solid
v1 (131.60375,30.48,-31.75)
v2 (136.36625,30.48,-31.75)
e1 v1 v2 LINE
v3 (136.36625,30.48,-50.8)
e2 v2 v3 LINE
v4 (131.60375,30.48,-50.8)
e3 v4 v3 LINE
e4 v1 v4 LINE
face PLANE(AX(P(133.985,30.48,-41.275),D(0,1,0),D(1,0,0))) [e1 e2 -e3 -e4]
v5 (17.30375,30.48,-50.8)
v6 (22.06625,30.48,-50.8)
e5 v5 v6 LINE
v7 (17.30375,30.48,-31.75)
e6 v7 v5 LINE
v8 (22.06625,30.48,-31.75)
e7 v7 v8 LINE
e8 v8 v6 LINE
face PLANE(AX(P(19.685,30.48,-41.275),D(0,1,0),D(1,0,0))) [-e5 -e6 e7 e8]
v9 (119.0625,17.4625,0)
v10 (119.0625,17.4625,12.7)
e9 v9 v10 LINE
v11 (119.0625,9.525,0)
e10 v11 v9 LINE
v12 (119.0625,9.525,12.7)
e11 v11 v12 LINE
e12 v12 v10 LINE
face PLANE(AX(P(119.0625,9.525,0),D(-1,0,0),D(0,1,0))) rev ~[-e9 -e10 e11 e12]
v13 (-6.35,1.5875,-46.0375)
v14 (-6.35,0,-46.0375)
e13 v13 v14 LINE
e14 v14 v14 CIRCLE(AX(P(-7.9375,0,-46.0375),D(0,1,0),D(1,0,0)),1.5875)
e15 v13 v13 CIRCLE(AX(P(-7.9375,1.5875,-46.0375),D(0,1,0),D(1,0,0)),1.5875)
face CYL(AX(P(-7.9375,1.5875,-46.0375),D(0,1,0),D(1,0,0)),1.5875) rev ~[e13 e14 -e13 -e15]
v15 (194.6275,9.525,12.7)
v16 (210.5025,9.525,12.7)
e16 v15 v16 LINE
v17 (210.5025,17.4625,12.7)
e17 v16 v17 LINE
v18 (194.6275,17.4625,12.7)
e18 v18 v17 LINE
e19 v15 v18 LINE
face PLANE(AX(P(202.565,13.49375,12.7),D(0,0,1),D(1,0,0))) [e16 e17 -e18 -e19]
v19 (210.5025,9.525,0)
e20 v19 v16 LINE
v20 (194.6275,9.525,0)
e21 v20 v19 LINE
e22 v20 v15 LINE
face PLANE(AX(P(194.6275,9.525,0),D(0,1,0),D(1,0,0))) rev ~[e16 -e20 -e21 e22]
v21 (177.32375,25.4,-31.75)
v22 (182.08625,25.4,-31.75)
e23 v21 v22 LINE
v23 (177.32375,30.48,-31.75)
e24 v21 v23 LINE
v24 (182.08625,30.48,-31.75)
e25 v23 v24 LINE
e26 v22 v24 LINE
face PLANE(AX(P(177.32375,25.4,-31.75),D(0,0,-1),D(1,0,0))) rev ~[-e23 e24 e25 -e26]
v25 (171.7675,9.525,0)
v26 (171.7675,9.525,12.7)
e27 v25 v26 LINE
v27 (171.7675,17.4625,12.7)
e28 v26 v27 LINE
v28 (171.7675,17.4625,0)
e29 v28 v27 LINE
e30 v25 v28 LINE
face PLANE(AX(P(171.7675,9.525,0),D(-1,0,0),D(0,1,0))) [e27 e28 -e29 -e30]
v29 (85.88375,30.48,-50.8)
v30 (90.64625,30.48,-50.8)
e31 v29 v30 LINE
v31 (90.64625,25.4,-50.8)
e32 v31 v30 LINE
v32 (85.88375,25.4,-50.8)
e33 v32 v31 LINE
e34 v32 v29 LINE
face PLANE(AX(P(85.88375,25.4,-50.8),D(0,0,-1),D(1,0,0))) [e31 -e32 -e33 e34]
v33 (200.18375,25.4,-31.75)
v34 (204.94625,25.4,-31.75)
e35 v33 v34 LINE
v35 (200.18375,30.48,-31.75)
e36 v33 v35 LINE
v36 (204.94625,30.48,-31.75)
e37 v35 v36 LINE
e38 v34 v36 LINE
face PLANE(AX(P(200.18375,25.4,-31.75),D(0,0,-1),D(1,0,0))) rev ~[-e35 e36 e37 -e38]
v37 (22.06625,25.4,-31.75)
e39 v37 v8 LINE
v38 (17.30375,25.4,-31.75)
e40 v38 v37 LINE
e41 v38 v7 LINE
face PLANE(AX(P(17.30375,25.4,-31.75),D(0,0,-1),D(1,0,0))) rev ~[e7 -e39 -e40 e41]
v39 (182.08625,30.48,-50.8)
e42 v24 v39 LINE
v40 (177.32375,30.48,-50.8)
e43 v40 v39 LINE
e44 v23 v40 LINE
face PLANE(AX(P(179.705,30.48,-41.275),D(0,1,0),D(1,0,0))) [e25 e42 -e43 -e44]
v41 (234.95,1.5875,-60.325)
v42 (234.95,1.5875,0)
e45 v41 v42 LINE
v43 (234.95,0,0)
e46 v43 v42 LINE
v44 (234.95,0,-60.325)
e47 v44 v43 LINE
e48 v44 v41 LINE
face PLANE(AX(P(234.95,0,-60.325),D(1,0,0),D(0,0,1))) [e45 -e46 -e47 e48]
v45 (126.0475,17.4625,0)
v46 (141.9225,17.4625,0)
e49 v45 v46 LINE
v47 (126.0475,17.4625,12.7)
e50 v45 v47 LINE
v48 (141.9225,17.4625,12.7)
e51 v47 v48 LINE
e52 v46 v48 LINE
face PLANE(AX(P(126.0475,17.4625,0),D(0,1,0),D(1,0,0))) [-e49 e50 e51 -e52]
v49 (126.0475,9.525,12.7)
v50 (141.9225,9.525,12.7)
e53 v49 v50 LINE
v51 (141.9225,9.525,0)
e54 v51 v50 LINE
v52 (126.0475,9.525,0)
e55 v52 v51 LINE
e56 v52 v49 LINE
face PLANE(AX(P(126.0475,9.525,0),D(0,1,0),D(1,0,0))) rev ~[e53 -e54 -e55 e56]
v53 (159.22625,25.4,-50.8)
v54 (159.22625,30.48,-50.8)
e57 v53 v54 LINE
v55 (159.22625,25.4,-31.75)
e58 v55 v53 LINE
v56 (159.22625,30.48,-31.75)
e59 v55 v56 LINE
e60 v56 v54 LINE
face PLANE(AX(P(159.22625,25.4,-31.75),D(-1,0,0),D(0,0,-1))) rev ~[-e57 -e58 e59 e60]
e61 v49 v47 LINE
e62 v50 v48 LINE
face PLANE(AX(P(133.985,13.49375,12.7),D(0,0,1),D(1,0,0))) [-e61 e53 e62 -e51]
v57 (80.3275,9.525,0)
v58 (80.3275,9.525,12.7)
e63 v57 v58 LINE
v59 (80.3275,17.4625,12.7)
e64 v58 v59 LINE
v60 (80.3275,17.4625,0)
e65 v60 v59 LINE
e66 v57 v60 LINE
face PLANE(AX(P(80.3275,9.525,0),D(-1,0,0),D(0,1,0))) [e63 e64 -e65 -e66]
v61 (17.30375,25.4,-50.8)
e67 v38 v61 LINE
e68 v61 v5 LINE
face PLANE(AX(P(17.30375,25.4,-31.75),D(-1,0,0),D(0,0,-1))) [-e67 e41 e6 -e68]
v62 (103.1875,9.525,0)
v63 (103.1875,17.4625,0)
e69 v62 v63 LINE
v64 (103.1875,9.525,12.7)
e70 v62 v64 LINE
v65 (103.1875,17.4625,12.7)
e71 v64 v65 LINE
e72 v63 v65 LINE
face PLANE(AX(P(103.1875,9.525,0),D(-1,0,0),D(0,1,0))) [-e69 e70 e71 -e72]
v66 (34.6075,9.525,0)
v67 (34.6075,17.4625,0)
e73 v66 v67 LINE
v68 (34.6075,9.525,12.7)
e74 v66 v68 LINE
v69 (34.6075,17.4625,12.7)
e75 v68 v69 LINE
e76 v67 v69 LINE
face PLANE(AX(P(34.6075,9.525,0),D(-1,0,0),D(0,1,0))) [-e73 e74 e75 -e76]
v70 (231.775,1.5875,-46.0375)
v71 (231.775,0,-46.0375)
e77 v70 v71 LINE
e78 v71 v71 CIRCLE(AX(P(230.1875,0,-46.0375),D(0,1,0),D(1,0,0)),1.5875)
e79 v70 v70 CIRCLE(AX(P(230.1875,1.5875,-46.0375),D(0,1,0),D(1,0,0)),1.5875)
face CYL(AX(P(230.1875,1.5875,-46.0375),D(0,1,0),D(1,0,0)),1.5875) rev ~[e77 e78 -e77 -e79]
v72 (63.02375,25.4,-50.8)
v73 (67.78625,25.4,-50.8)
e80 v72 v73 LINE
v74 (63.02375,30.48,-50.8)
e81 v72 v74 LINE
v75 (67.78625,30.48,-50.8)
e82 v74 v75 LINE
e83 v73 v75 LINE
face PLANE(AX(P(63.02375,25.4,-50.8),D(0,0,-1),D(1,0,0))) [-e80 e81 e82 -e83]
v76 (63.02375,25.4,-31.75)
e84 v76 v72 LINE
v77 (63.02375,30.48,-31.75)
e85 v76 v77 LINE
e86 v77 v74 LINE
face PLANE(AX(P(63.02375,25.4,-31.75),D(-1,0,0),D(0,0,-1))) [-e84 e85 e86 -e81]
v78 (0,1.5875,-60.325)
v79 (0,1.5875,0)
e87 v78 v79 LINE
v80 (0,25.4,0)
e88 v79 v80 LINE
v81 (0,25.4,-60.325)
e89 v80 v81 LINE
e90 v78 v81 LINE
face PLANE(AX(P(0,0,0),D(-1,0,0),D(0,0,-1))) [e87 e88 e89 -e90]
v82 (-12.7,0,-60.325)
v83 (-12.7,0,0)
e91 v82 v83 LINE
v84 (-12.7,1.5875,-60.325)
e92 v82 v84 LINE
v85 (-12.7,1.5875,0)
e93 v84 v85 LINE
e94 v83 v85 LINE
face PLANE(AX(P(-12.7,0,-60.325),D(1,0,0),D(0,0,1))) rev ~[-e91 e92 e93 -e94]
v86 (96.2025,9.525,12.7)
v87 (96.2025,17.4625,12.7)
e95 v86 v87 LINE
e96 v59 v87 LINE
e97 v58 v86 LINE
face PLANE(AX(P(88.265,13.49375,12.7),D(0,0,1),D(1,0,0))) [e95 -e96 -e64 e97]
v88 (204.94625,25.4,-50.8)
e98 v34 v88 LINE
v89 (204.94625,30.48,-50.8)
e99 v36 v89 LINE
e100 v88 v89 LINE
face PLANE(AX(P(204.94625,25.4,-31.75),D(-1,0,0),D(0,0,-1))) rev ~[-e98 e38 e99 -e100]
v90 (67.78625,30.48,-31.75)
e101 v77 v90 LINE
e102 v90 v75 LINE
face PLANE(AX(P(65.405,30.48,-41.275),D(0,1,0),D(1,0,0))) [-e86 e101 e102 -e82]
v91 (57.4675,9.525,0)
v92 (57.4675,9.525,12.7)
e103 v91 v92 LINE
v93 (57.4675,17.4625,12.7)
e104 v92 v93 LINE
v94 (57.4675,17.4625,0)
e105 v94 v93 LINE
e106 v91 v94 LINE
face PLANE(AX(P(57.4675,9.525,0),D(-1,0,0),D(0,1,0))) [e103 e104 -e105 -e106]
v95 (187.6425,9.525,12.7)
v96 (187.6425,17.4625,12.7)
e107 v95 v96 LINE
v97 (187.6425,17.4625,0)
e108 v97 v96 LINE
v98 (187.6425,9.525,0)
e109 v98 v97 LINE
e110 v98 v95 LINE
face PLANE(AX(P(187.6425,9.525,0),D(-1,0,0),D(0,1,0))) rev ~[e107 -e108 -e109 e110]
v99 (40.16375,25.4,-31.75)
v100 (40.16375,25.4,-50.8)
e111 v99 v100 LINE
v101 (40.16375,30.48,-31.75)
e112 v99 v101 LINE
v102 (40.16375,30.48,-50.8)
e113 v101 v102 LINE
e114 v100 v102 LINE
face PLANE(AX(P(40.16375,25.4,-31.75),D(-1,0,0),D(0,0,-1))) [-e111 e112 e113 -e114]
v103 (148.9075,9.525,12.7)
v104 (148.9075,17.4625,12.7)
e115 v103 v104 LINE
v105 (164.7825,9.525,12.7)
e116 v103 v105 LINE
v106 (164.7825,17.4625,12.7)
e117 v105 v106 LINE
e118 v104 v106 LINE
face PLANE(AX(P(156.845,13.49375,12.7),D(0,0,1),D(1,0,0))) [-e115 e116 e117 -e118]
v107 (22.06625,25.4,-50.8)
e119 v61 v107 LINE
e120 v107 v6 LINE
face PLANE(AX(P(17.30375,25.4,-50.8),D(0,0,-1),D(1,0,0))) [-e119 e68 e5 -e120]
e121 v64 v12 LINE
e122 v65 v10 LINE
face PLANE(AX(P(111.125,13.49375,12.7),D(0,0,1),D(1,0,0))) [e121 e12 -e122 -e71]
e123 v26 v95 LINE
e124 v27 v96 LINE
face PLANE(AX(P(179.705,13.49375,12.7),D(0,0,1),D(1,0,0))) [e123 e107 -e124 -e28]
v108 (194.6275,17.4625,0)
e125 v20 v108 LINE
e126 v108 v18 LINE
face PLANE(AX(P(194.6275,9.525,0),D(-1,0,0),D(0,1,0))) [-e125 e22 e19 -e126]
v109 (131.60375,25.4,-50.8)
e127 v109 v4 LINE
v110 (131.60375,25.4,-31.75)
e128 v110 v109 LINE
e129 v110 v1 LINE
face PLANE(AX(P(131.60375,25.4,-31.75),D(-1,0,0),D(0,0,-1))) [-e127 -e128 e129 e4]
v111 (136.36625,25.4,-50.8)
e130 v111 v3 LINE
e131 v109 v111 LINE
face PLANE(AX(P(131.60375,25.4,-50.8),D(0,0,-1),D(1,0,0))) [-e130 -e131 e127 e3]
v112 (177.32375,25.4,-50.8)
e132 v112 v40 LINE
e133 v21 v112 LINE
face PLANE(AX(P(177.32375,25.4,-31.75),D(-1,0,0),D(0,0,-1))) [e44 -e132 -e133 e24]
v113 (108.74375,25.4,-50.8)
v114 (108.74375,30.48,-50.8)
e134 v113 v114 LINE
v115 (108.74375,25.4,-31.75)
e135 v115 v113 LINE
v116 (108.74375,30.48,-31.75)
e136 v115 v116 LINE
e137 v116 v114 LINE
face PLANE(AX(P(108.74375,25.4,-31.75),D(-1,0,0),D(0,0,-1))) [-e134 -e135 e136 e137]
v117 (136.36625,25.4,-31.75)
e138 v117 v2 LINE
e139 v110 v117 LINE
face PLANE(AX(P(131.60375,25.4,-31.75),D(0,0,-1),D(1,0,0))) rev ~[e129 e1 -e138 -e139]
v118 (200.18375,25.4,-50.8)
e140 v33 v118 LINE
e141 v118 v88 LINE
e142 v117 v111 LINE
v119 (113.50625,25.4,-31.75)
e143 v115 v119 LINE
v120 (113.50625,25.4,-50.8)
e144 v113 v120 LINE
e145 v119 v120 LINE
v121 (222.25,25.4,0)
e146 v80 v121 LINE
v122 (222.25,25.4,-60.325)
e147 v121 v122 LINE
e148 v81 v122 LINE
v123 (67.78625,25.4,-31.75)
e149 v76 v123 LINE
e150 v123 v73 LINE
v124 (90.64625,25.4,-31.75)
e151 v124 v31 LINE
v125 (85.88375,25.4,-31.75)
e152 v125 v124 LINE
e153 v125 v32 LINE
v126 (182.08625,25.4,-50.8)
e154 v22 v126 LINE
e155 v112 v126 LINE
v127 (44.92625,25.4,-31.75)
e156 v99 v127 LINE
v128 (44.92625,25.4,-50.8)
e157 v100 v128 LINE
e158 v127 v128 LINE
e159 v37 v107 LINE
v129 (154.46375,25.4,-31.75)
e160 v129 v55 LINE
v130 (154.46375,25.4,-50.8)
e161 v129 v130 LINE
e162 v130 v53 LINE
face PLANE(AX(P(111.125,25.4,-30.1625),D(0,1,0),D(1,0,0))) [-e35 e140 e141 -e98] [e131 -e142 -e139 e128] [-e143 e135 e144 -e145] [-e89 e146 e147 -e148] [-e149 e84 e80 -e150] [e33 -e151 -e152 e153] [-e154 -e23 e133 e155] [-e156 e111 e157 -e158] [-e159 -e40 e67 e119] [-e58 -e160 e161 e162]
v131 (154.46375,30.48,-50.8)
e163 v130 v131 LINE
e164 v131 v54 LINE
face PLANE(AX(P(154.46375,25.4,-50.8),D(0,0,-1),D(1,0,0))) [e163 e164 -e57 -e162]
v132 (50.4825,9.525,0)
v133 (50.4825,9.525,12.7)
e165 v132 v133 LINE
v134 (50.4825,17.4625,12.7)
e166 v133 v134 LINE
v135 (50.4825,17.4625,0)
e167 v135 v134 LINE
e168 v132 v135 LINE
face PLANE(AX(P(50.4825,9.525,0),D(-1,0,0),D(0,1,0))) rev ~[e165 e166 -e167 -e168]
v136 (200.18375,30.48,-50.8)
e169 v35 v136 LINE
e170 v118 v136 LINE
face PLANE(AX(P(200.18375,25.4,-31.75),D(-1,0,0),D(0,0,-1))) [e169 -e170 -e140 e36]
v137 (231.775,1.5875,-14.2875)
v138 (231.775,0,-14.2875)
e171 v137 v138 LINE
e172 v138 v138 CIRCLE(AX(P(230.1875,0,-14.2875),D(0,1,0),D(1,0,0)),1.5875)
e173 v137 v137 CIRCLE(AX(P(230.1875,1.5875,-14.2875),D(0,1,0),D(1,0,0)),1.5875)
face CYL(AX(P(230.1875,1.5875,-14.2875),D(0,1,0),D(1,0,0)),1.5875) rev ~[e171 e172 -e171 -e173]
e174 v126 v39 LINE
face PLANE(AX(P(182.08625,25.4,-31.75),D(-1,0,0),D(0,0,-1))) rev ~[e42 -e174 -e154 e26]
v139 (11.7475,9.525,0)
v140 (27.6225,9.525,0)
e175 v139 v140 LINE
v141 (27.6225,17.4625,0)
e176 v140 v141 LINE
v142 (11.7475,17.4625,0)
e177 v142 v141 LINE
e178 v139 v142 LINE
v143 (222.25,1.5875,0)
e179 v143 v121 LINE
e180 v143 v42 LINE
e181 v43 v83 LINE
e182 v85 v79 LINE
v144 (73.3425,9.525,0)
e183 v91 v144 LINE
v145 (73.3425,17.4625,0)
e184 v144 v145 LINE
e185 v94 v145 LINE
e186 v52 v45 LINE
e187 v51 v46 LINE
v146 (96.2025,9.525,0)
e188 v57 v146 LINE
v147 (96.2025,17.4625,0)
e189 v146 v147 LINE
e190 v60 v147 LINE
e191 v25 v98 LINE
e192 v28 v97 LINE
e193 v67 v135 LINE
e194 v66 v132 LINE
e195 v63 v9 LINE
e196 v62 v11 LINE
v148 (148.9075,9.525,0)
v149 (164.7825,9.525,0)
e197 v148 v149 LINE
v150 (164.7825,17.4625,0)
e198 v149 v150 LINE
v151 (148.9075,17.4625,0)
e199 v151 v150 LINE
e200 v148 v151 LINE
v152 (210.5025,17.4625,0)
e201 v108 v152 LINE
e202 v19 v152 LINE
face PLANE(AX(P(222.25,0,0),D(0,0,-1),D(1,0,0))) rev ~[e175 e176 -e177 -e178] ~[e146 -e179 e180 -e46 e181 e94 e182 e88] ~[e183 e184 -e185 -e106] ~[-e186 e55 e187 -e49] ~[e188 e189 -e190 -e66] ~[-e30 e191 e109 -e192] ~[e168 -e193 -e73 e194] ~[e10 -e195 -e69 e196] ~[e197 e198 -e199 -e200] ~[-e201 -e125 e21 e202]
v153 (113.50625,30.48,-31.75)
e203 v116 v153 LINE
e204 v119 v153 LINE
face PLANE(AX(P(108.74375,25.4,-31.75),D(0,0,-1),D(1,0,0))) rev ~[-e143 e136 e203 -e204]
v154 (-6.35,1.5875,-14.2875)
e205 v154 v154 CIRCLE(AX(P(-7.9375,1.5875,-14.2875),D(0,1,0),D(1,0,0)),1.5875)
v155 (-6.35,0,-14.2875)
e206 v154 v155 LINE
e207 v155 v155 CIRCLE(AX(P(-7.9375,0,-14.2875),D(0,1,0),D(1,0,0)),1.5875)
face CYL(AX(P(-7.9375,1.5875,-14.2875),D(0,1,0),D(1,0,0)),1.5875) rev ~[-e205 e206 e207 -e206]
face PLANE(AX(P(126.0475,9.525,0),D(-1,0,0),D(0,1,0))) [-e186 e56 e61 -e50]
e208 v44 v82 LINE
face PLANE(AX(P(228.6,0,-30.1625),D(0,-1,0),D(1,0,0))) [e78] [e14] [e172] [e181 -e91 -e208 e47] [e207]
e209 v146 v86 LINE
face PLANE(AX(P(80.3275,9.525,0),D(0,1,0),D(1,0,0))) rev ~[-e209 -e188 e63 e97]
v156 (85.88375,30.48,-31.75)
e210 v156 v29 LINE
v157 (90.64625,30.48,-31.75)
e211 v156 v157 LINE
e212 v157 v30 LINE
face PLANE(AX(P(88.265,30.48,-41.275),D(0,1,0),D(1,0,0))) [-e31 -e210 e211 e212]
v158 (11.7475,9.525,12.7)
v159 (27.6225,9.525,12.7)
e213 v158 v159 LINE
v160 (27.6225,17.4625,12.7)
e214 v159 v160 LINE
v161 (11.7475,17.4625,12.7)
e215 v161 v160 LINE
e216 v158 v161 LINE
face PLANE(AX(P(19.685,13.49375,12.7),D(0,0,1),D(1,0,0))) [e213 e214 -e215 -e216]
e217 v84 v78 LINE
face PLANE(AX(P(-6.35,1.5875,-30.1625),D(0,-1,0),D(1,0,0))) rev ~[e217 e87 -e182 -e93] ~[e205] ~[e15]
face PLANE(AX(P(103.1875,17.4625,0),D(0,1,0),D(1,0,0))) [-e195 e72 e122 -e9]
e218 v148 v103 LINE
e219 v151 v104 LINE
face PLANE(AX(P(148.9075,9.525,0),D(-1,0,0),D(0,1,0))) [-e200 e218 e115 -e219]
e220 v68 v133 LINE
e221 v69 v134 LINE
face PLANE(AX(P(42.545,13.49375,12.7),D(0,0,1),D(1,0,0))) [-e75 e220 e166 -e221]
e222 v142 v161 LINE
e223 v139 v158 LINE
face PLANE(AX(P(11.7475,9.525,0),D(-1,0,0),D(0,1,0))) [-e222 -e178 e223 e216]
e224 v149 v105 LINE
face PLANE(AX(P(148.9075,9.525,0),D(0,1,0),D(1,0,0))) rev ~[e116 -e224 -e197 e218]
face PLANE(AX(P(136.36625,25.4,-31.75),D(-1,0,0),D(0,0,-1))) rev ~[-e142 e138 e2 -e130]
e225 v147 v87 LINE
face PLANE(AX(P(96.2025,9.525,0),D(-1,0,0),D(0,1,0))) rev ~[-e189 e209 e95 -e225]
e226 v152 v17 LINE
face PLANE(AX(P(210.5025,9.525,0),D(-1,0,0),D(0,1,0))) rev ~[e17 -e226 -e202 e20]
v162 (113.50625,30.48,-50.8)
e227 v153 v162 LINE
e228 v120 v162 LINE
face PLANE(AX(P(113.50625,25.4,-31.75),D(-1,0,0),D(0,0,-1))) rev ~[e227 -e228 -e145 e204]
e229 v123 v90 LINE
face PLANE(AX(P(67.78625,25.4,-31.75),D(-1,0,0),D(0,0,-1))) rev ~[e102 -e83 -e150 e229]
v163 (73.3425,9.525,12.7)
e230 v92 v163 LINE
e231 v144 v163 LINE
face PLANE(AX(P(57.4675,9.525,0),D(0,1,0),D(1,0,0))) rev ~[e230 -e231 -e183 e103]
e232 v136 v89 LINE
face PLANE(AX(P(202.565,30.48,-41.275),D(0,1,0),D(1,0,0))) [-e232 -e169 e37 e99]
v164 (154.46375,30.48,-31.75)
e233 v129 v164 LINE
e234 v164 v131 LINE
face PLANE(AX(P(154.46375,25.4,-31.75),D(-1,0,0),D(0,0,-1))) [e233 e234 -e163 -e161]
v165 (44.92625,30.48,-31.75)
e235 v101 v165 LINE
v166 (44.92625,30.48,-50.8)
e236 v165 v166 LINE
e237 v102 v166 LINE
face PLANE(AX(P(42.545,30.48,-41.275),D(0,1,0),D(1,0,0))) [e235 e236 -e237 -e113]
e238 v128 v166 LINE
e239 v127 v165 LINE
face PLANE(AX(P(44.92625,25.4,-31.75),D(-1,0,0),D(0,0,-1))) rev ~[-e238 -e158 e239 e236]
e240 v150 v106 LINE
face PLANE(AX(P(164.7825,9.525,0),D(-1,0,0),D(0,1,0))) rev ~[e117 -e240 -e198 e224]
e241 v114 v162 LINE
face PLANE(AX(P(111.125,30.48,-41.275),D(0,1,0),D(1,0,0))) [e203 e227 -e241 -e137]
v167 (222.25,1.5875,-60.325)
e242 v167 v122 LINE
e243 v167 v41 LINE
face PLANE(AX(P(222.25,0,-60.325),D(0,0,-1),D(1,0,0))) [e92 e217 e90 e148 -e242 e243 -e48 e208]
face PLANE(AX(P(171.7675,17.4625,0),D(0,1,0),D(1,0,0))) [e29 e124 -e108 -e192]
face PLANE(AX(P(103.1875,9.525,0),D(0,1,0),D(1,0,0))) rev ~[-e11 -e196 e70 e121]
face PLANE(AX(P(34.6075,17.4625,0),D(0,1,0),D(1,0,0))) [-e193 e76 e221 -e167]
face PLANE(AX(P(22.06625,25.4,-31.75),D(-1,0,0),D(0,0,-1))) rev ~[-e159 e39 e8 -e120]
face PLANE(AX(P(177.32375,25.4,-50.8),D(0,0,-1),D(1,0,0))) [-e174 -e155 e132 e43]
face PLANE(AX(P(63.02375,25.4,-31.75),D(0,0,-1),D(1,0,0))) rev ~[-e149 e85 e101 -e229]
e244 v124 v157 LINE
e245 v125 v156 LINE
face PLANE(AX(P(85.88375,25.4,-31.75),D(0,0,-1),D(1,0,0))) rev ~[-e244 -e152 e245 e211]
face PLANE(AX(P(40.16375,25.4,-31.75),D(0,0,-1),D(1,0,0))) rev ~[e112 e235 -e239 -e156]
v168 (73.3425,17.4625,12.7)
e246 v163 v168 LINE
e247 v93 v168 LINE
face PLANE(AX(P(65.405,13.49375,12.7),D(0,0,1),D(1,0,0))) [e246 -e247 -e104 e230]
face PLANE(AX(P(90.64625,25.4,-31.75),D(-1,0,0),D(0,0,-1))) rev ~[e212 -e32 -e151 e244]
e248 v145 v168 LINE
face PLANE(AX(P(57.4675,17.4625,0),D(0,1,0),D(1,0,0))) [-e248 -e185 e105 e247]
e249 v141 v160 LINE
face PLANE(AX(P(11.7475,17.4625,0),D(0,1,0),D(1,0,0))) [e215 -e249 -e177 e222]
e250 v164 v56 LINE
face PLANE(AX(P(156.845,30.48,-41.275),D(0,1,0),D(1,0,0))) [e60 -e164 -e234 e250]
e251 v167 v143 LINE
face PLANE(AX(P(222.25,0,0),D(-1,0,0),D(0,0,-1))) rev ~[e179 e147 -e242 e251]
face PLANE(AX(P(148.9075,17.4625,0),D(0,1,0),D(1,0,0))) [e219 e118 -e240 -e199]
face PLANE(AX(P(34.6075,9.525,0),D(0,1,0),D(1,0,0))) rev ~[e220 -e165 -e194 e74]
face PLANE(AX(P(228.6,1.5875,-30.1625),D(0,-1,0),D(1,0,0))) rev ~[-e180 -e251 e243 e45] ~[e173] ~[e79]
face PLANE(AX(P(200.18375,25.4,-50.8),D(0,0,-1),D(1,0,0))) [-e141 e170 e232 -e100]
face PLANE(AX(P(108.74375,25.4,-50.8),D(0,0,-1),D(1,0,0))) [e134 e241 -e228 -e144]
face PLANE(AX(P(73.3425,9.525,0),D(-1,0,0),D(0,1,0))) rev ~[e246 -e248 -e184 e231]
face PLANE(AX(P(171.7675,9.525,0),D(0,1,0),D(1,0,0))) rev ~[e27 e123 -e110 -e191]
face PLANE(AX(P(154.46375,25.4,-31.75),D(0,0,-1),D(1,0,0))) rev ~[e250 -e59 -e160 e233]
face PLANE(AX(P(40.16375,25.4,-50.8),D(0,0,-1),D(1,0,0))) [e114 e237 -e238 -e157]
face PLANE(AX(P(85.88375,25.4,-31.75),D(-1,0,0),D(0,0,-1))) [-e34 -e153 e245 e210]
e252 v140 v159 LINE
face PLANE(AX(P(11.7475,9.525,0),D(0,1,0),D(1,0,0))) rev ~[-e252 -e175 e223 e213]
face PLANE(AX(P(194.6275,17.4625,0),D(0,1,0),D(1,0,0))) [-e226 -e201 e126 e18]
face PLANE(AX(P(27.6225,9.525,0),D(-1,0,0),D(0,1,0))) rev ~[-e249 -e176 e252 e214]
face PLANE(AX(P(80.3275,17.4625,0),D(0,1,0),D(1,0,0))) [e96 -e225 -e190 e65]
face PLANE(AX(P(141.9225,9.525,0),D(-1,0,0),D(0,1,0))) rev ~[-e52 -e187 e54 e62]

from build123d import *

# Parameters (mm, degrees)
SKETCH1_W           = 222.25
SKETCH1_H           = 60.325
BOSS_EXTRUDE1_DEPTH = 25.4
SKETCH2_W           = 12.7
SKETCH2_H           = 60.325
BOSS_EXTRUDE2_DEPTH = 1.5875
SKETCH3_R           = 1.5875
CUT_EXTRUDE1_DEPTH  = 2.5875
SKETCH4_W           = 4.7625
SKETCH4_H           = 19.05
BOSS_EXTRUDE3_DEPTH = 5.08
SKETCH5_W           = 15.875
SKETCH5_H           = 7.9375
BOSS_EXTRUDE4_DEPTH = 12.7
LPATTERN1_COUNT     = 5
LPATTERN1_PITCH     = 22.86
LPATTERN1_COL_COUNT = 5
LPATTERN1_COL_PITCH = 22.86


with BuildPart() as part:
    # Sketch1 → Boss-Extrude1 (new body)
    with BuildSketch(Plane(origin=(0, 0, 0), x_dir=(1, 0, 0), z_dir=(0, 1, 0))):
        with Locations((111.125, 30.1625)):
            Rectangle(SKETCH1_W, SKETCH1_H)
    extrude(amount=BOSS_EXTRUDE1_DEPTH)

    # Sketch2 → Boss-Extrude2 (add)
    with BuildSketch(Plane.XZ):
        with Locations((228.6, -30.1625)):
            Rectangle(SKETCH2_W, SKETCH2_H)
        with Locations((-6.35, -30.1625)):
            Rectangle(SKETCH2_W, SKETCH2_H)
    extrude(amount=-BOSS_EXTRUDE2_DEPTH)

    # Sketch3 → Cut-Extrude1 (cut, through all)
    with BuildSketch(Plane(origin=(0, 1.5875, 0), x_dir=(1, 0, 0), z_dir=(0, 1, 0))):
        with Locations((-7.9375, 46.0375)):
            Circle(SKETCH3_R)
        with Locations((-7.9375, 14.2875)):
            Circle(SKETCH3_R)
        with Locations((230.1875, 14.2875)):
            Circle(SKETCH3_R)
        with Locations((230.1875, 46.0375)):
            Circle(SKETCH3_R)
    extrude(amount=-CUT_EXTRUDE1_DEPTH, mode=Mode.SUBTRACT)

    # Sketch4 → Boss-Extrude3 (add)
    with BuildSketch(Plane(origin=(0, 25.4, 0), x_dir=(1, 0, 0), z_dir=(0, 1, 0))):
        with Locations((111.125, 41.275)):
            Rectangle(SKETCH4_W, SKETCH4_H)
    boss_extrude3 = extrude(amount=BOSS_EXTRUDE3_DEPTH)

    # Sketch5 → Boss-Extrude4 (add)
    with BuildSketch(Plane.XY):
        with Locations((111.125, 13.49375)):
            Rectangle(SKETCH5_W, SKETCH5_H)
    boss_extrude4 = extrude(amount=BOSS_EXTRUDE4_DEPTH)

    # LPattern1: Boss-Extrude3, Boss-Extrude4 ×5
    with Locations(*[(i * LPATTERN1_PITCH, 0, 0) for i in range(1, LPATTERN1_COUNT)]):
        add(boss_extrude3)
        add(boss_extrude4)

    # LPattern1 col: Boss-Extrude3, Boss-Extrude4 ×5
    with Locations(*[(-i * LPATTERN1_COL_PITCH, 0, 0) for i in range(1, LPATTERN1_COL_COUNT)]):
        add(boss_extrude3)
        add(boss_extrude4)


solid = part.part
